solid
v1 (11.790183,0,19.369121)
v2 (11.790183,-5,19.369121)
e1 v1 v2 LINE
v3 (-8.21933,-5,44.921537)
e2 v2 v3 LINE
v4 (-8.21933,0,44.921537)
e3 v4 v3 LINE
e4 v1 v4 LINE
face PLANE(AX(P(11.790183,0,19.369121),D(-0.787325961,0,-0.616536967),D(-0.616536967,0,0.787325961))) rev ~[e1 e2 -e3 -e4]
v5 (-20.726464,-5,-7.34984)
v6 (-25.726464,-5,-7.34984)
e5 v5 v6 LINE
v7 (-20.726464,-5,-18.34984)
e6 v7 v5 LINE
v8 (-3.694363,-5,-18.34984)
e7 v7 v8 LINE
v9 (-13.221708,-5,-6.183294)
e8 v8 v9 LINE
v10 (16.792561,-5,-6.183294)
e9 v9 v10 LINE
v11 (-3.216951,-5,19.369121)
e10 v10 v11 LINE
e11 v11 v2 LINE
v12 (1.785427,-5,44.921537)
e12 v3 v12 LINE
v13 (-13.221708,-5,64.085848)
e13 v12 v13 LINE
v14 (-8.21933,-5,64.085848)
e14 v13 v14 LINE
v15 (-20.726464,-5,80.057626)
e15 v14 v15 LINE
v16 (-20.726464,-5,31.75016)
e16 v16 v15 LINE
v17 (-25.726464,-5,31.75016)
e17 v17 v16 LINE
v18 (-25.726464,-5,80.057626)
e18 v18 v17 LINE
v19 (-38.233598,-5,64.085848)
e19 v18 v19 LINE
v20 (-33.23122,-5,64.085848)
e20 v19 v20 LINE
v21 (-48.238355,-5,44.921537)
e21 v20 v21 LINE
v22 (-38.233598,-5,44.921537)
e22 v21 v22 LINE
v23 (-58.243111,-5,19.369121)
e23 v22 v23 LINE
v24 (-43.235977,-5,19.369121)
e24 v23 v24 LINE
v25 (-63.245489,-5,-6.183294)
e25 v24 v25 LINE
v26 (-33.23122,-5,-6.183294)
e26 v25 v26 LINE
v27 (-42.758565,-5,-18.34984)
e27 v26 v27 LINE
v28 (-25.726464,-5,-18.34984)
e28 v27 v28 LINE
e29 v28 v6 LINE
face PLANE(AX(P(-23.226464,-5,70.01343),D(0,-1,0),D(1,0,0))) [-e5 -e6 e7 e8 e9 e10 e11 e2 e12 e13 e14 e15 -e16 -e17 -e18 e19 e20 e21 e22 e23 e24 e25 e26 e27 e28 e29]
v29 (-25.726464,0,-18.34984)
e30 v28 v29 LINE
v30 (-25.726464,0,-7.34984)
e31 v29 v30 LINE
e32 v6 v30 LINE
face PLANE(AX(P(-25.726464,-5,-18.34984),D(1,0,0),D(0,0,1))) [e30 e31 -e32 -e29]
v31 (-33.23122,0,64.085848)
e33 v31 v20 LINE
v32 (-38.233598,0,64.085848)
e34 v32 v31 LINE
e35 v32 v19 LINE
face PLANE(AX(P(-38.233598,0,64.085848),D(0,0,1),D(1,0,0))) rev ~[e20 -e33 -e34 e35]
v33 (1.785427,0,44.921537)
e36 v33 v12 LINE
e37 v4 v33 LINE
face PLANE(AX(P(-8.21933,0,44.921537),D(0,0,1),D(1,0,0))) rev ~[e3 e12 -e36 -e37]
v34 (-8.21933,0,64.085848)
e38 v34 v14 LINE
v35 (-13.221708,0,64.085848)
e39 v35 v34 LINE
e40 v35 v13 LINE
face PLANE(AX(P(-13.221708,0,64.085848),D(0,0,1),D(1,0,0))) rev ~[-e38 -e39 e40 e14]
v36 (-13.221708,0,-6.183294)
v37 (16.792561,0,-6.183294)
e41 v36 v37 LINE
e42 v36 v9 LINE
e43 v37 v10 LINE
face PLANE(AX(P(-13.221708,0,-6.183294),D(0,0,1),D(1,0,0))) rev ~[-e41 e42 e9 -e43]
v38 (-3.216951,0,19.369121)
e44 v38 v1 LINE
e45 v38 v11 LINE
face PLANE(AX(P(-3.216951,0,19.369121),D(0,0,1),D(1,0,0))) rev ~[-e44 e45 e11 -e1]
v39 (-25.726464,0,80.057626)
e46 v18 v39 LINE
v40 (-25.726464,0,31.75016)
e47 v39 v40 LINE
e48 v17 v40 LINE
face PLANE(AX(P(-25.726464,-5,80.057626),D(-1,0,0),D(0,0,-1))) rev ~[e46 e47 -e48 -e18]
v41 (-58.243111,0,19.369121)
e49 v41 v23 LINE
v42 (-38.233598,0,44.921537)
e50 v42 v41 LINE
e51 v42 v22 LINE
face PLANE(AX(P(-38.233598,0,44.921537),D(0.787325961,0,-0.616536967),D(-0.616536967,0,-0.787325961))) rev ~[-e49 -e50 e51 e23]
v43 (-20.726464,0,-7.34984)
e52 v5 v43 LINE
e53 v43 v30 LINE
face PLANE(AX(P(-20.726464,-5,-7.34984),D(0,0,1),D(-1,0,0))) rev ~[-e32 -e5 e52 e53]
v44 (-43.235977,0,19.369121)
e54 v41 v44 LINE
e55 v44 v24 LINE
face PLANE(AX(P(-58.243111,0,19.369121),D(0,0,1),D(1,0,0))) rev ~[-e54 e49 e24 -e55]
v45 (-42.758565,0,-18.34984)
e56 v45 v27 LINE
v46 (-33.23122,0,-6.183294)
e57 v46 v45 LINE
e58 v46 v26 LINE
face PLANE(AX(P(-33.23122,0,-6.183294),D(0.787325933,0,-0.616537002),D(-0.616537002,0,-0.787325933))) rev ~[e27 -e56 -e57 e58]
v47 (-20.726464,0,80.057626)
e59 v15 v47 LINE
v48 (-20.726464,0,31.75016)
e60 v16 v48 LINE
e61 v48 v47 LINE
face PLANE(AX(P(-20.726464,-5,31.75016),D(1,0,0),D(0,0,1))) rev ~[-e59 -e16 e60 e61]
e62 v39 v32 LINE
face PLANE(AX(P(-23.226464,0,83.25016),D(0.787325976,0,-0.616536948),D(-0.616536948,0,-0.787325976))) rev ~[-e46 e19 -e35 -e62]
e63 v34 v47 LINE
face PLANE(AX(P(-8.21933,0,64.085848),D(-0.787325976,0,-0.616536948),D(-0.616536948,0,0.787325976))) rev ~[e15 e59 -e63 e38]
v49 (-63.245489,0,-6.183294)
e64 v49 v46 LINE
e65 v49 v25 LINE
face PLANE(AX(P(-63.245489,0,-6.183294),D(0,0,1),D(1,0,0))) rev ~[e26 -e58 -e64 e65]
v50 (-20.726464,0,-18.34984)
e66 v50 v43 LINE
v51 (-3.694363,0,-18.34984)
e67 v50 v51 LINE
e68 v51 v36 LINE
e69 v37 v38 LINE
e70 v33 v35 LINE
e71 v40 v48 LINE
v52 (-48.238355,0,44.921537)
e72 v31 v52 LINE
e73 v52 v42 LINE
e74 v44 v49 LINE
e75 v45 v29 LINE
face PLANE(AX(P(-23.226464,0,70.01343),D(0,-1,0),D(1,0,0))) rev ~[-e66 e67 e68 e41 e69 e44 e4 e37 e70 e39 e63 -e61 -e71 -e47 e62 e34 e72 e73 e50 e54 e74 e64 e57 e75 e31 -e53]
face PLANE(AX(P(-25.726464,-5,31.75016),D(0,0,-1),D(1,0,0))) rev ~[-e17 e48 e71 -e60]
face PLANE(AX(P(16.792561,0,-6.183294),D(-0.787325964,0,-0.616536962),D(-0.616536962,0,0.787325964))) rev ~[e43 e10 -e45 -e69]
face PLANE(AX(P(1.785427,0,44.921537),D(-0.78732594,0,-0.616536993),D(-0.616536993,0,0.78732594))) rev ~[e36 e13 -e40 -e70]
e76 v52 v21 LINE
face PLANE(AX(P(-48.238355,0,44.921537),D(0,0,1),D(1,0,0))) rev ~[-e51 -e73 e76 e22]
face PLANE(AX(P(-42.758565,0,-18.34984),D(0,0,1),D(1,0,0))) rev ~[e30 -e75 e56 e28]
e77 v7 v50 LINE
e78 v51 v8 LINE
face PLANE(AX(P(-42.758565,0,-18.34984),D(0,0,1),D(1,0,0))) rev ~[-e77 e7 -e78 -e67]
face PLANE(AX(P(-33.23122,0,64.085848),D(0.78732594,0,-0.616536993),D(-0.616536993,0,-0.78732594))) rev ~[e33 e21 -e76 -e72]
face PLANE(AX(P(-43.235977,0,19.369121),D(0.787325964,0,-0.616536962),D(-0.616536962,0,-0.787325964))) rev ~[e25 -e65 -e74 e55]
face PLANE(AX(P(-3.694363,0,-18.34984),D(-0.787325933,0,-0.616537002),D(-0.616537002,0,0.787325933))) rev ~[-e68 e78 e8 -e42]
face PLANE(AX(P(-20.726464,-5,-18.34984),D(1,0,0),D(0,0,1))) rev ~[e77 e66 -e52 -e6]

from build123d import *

# Parameters (mm, degrees)
F0_W     = 10.004756
F0_H     = 12.166546
F1_DEPTH = 5
F2_W     = 2.5
F2_H     = 11
F3_DEPTH = 25


with BuildPart() as f1:
    # F0 (on Front) → F1 (new body)
    with BuildSketch(Plane.XZ):
        Polygon((-33.23122, 64.085848), (-13.221708, 64.085848), (-8.21933, 64.085848), (-23.226464, 83.25016), (-38.233598, 64.085848), align=None)
        Polygon((-38.233598, 44.921537), (-23.226464, 44.921537), (-8.21933, 44.921537), (1.785427, 44.921537), (-13.221708, 64.085848), (-33.23122, 64.085848), (-48.238355, 44.921537), align=None)
        Polygon((-43.235977, 19.369121), (-23.226464, 19.369121), (-23.226464, 44.921537), (-38.233598, 44.921537), (-58.243111, 19.369121), align=None)
        Polygon((-23.226464, 44.921537), (-23.226464, 19.369121), (-3.216951, 19.369121), (11.790183, 19.369121), (-8.21933, 44.921537), align=None)
        Polygon((-33.23122, -6.183294), (-23.226464, -6.183294), (-23.226464, 19.369121), (-43.235977, 19.369121), (-63.245489, -6.183294), (-48.238355, -6.183294), align=None)
        Polygon((-23.226464, 19.369121), (-23.226464, -6.183294), (-13.221708, -6.183294), (1.785427, -6.183294), (16.792561, -6.183294), (-3.216951, 19.369121), align=None)
        Polygon((-42.758565, -18.34984), (-33.23122, -18.34984), (-33.23122, -6.183294), align=None)
        with Locations((-28.228842, -12.266567)):
            Rectangle(F0_W, F0_H)
        with Locations((-18.224086, -12.266567)):
            Rectangle(F0_W, F0_H)
        Polygon((-13.221708, -6.183294), (-13.221708, -18.34984), (-3.694363, -18.34984), align=None)
    extrude(amount=F1_DEPTH)

    # F2 (on face) → F3 (cut)
    with BuildSketch(Plane.XZ.offset(5)):
        Polygon((-23.226464, 83.25016), (-25.726464, 80.057626), (-25.726464, 31.75016), (-23.226464, 31.75016), align=None)
        with Locations((-24.476464, -12.84984)):
            Rectangle(F2_W, F2_H)
        with Locations((-21.976464, -12.84984)):
            Rectangle(F2_W, F2_H)
        Polygon((-20.726464, 31.75016), (-20.726464, 80.057626), (-23.226464, 83.25016), (-23.226464, 31.75016), align=None)
    extrude(amount=-F3_DEPTH, mode=Mode.SUBTRACT)


solid = f1.part
